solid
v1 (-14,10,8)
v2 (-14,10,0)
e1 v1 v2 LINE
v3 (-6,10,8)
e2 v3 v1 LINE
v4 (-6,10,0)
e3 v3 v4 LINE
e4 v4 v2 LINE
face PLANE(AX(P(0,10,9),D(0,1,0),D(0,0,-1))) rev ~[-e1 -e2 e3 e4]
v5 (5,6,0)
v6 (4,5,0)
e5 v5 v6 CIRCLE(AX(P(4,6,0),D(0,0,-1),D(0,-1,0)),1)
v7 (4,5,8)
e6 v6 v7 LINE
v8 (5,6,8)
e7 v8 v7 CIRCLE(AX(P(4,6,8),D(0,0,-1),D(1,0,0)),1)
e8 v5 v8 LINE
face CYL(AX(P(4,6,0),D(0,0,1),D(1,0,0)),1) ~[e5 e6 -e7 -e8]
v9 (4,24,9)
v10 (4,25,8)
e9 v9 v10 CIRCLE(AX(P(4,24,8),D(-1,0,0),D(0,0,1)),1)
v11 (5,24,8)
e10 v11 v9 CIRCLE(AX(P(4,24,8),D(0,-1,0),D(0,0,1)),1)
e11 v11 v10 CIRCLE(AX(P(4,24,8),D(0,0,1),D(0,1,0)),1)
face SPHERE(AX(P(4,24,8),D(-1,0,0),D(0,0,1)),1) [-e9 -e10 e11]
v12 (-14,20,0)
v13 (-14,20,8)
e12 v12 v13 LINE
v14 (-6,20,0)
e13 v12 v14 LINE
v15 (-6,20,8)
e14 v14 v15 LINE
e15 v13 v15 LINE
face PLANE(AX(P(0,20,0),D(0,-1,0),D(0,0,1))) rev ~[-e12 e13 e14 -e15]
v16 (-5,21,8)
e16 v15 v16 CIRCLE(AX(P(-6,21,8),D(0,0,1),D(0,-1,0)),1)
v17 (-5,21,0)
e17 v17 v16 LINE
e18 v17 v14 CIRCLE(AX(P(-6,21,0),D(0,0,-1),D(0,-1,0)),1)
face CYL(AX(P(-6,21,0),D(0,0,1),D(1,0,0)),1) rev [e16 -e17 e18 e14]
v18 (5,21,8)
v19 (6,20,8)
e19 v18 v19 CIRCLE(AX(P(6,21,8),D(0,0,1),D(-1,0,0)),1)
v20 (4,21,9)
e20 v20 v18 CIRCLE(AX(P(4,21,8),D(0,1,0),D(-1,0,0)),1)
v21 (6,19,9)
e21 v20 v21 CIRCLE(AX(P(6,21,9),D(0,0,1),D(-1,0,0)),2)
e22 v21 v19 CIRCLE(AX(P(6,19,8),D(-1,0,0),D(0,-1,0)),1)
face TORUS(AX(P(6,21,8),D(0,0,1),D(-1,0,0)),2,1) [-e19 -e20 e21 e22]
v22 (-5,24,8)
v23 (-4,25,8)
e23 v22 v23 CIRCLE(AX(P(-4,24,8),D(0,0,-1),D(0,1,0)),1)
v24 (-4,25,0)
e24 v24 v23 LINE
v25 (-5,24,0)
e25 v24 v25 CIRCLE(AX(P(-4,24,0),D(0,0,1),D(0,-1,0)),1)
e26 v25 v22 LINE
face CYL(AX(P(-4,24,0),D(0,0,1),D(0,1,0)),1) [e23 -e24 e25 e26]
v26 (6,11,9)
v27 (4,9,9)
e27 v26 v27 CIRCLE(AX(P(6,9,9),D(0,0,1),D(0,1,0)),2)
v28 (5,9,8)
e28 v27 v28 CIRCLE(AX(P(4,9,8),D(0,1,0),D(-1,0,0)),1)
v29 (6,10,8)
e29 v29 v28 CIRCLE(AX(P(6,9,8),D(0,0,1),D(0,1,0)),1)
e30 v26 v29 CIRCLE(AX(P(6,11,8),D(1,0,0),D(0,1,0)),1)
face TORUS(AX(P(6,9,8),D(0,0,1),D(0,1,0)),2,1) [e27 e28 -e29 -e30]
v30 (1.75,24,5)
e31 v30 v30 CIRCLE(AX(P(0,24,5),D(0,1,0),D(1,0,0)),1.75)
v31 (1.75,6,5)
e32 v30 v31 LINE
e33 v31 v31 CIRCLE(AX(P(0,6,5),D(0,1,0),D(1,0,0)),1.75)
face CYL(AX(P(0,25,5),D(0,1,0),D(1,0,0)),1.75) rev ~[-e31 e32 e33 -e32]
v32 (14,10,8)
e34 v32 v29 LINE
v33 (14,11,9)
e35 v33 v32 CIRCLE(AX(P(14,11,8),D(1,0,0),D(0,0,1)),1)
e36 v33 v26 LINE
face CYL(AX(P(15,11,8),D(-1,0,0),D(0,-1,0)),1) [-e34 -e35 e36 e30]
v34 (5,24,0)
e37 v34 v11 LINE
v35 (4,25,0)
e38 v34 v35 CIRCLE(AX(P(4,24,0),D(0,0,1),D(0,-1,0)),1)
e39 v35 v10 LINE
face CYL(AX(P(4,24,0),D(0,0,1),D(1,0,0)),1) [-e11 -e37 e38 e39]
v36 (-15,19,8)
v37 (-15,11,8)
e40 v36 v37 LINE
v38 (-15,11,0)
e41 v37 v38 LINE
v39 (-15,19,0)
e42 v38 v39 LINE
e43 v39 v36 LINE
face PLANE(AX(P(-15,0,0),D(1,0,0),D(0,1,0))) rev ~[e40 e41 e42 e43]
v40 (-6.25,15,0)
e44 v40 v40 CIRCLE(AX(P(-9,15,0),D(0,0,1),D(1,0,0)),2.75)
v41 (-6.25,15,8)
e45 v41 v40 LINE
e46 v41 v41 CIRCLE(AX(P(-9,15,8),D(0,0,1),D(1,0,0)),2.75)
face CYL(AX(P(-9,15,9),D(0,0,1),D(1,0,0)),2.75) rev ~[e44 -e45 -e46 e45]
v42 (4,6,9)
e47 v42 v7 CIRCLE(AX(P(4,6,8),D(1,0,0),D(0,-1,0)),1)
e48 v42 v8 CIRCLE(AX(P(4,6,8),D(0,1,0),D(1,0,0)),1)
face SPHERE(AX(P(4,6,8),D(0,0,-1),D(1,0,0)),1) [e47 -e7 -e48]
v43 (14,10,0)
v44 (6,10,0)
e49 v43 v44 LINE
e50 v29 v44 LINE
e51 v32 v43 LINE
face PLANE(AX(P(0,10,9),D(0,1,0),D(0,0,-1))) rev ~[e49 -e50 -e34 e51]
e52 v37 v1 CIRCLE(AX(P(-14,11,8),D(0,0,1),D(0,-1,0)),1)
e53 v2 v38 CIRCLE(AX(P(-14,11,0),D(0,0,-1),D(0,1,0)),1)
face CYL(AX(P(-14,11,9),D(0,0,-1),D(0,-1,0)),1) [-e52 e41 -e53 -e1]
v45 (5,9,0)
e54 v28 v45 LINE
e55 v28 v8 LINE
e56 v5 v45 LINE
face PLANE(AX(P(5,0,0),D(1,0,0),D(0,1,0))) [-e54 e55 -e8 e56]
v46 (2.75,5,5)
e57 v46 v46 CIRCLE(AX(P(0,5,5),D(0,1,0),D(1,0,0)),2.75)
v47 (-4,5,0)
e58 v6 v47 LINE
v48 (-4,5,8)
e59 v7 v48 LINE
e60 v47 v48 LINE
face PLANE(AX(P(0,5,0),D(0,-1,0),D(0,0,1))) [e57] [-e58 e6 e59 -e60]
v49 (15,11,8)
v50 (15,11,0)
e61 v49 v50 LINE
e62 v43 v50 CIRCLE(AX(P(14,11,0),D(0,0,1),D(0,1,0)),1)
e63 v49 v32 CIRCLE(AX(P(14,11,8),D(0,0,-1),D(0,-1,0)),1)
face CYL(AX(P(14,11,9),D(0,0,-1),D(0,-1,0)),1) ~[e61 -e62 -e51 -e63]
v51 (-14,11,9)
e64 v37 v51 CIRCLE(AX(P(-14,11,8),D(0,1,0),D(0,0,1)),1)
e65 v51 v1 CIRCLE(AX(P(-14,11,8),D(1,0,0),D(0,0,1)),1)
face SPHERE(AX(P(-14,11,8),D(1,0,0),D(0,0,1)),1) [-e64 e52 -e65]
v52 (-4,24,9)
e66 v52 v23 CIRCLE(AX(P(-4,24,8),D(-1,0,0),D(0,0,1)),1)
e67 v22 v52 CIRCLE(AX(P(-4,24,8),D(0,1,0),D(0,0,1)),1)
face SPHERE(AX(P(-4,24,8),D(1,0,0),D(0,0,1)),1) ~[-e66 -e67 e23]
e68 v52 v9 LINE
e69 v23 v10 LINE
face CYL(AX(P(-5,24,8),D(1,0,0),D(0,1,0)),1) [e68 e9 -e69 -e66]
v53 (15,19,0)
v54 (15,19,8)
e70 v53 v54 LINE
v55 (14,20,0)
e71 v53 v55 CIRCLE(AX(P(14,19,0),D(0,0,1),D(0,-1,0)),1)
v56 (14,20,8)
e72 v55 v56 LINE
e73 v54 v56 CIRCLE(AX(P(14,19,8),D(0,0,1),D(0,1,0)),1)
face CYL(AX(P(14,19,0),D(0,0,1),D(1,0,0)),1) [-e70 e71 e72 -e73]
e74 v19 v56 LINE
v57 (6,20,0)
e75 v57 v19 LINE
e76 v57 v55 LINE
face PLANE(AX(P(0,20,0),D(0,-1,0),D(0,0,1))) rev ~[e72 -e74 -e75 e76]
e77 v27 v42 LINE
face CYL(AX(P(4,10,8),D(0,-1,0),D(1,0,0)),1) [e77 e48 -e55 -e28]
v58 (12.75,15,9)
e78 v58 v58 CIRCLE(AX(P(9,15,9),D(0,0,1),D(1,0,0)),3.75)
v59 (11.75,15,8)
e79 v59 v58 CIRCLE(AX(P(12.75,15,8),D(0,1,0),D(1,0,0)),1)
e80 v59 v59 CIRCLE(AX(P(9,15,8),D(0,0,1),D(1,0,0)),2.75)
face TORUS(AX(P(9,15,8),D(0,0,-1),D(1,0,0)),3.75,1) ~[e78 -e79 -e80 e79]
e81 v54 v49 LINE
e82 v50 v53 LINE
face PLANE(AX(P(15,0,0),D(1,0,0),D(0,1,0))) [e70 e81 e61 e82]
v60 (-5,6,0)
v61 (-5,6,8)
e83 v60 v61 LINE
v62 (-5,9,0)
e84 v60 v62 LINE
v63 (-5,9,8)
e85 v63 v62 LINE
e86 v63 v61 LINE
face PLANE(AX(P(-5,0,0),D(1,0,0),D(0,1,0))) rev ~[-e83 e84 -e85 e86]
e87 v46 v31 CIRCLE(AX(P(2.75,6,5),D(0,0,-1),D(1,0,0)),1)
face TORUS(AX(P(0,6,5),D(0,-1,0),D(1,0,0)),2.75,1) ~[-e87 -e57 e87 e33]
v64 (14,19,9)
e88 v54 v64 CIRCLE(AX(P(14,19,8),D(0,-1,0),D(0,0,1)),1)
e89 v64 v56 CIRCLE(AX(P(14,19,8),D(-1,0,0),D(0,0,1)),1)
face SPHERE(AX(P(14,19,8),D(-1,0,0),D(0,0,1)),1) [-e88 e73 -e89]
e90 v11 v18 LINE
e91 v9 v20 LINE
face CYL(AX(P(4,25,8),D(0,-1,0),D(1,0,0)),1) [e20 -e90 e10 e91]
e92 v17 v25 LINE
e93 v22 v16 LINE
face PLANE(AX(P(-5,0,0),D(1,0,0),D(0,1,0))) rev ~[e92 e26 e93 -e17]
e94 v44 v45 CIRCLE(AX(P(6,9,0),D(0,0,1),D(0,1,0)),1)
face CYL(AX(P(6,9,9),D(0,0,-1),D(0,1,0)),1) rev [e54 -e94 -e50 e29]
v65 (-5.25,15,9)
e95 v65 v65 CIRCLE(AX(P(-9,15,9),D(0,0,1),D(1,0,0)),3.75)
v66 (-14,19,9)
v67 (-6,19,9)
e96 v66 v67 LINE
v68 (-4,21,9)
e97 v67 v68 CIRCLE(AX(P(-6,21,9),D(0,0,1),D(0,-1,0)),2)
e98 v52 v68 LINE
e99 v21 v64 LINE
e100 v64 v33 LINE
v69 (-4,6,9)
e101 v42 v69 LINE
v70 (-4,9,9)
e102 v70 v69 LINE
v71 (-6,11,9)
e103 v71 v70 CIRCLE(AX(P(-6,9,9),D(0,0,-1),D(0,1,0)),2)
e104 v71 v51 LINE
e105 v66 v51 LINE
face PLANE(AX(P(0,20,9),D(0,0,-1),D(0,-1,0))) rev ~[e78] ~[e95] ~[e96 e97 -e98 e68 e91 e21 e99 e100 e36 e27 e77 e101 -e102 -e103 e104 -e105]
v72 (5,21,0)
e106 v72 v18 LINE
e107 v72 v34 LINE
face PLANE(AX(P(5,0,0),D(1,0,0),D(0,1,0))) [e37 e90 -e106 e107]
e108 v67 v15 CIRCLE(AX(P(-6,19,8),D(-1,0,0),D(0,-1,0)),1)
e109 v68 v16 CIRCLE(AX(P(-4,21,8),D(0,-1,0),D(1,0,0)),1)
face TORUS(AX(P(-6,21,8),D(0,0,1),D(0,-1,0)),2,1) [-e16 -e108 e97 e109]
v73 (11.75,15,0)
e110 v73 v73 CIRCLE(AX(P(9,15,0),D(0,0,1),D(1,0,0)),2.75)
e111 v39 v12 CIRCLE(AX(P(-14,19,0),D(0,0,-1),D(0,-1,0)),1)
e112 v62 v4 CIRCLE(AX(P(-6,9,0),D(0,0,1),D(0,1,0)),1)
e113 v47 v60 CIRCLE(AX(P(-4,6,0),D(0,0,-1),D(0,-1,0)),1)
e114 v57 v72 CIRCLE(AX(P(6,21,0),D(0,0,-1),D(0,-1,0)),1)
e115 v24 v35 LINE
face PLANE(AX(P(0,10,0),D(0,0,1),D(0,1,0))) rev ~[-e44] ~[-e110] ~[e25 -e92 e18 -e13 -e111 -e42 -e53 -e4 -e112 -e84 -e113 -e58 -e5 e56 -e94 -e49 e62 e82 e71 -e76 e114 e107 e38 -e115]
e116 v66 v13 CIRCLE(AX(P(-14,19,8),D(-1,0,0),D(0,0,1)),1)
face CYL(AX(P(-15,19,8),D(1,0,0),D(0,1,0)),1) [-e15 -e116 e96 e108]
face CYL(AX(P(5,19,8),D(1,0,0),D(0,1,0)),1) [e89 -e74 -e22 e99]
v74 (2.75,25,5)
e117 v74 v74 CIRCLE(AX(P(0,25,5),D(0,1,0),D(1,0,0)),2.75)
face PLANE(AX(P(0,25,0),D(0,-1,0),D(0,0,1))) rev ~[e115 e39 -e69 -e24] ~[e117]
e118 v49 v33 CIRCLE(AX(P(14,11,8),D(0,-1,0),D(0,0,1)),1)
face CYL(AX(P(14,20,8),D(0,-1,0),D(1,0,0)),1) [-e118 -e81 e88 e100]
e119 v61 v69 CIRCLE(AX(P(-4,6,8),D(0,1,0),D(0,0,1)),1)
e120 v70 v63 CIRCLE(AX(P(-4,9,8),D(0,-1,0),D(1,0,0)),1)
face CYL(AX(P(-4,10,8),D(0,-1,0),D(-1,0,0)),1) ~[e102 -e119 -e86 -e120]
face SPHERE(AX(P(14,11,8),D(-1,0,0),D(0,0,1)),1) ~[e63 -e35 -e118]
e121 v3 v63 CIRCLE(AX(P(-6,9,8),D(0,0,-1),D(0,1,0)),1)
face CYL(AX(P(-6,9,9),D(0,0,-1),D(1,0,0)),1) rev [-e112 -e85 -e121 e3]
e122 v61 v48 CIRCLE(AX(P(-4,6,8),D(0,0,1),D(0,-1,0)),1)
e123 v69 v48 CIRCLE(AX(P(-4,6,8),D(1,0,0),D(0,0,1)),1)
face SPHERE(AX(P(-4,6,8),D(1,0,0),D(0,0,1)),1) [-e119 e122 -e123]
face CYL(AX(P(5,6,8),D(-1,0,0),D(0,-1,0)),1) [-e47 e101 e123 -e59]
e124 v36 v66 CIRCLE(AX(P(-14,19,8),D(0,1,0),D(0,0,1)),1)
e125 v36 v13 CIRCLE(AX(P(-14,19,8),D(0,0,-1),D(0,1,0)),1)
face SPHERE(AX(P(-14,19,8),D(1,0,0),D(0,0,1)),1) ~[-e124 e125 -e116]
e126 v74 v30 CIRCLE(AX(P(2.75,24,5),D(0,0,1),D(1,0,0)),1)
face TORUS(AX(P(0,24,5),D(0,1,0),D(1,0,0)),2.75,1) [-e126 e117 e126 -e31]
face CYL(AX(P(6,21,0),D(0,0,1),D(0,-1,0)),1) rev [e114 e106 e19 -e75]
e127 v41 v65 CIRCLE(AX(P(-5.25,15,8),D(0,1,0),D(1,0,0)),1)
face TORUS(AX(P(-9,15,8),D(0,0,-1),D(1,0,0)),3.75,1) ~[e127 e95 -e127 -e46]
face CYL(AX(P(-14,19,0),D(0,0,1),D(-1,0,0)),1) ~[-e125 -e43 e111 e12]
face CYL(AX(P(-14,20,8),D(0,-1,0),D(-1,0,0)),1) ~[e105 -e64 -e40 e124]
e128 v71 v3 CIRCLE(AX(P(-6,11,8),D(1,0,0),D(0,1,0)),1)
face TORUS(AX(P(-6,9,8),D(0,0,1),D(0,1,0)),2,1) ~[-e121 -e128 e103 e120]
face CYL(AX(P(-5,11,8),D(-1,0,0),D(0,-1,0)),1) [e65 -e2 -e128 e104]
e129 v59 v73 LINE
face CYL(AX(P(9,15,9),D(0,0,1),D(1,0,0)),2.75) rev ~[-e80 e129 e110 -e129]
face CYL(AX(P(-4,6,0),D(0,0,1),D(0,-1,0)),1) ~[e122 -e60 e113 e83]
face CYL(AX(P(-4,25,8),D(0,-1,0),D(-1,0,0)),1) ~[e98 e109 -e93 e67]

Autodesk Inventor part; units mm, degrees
ref_plane "YZ Plane" through (0, 0, 0) normal (1, 0, 0) x (0, 1, 0)
ref_plane "XZ Plane" through (0, 0, 0) normal (0, 1, 0) x (-1, 0, 0)
ref_plane "XY Plane" through (0, 0, 0) normal (0, 0, 1) x (1, 0, 0)
sketch "Sketch1" plane through (0, 0, 0) normal (1, 0, 0) x (0, 1, 0)
  line L0 (25, 0) -> (25, 9)
  line L1 (25, 9) -> (0, 9)
  line L2 (0, 9) -> (0, 0)
  line L3 (0, 0) -> (20, 0) construction
  line L4 (5, 0) -> (25, 0)
  line L5 (20, 9) -> (10, 9)
  line L6 (10, 9) -> (10, 0)
  line L7 (10, 0) -> (20, 0)
  line L8 (20, 0) -> (20, 9)
  line L9 (20, 9) -> (10, 0) construction
  line L10 (10, 9) -> (20, 0) construction
  line L11 (5, 0) -> (5, 9)
  line L12 (5, 0) -> (0, 0)
  point P0 (15, 4.5)
  dimension "d8" = 9
  dimension "d13" = 10
  dimension "d14" = 9
  dimension "d15" = 25
  dimension "d39" = 10
  dimension "d47" = 5
extrude "Extrusion1" add sketch "Sketch1" along normal mid plane 10 contours L4 L8 L1 L0 | L4 L11 L1 L6
extrude "Extrusion2" add sketch "Sketch1" along normal mid plane 30 contours L4 L6 L1 L8
sketch "Sketch8" plane through (-5, 5, 9) normal (0, 0, 1) x (1, 0, 0)
  circle A0 centre (-4, 10) radius 2.75
  line L0 (-10, 5) -> (-10, 15) projected
  line L1 (-10, 15) -> (0, 15) projected
  circle A1 centre (14, 10) radius 2.75
  line L2 (20, 15) -> (20, 5) projected
  line L3 (10, 15) -> (20, 15) projected
  point P0 (5, -5)
  dimension "d48" = 5.5
  dimension "d49" = 6
  dimension "d50" = 5
  dimension "d51" = 5.5
  dimension "d52" = 6
  dimension "d53" = 5
extrude "Extrusion8" cut sketch "Sketch8" against normal through all
sketch "Sketch9" plane through (-5, 25, 9) normal (0, 1, 0) x (1, 0, 0)
  circle A0 centre (5, 4) radius 1.75
  line L0 (0, 9) -> (10, 9) projected
  line L1 (10, 9) -> (10, 0) projected
  line L2 (0, 0) -> (0, 9) projected
  point P0 (5, 9)
  dimension "d56" = 3.5
  dimension "d57" = 5
  dimension "d58" = 10
  dimension "d59" = 5
extrude "Extrusion9" cut sketch "Sketch9" against normal through all
fillet "Fillet4" radius 1 28 edges at (0, 25, 9) (-10, 20, 9) (-5, 22.5, 9) (5, 22.5, 9) (10, 20, 9) (5, 25, 4.5) (5, 20, 4.5) (-5, 25, 4.5) (-5, 20, 4.5) (10, 10, 9) (15, 15, 9) (15, 20, 4.5) (15, 10, 4.5) (5, 5, 4.5) (5, 7.5, 9) (5, 10, 4.5) (0, 5, 9) (-5, 7.5, 9) (-5, 10, 4.5) (-10, 10, 9) (-15, 15, 9) (-5, 5, 4.5) (-15, 10, 4.5) (-15, 20, 4.5) (6.25, 15, 9) (-11.75, 15, 9) (-1.75, 5, 5) (-1.75, 25, 5)
equation "\"d52\" = d49"
equation "\"d59\" = 0.5 * d58"
properties part number "bed_spring_holder_back_v2" material "Plastic, Opaque Black"
